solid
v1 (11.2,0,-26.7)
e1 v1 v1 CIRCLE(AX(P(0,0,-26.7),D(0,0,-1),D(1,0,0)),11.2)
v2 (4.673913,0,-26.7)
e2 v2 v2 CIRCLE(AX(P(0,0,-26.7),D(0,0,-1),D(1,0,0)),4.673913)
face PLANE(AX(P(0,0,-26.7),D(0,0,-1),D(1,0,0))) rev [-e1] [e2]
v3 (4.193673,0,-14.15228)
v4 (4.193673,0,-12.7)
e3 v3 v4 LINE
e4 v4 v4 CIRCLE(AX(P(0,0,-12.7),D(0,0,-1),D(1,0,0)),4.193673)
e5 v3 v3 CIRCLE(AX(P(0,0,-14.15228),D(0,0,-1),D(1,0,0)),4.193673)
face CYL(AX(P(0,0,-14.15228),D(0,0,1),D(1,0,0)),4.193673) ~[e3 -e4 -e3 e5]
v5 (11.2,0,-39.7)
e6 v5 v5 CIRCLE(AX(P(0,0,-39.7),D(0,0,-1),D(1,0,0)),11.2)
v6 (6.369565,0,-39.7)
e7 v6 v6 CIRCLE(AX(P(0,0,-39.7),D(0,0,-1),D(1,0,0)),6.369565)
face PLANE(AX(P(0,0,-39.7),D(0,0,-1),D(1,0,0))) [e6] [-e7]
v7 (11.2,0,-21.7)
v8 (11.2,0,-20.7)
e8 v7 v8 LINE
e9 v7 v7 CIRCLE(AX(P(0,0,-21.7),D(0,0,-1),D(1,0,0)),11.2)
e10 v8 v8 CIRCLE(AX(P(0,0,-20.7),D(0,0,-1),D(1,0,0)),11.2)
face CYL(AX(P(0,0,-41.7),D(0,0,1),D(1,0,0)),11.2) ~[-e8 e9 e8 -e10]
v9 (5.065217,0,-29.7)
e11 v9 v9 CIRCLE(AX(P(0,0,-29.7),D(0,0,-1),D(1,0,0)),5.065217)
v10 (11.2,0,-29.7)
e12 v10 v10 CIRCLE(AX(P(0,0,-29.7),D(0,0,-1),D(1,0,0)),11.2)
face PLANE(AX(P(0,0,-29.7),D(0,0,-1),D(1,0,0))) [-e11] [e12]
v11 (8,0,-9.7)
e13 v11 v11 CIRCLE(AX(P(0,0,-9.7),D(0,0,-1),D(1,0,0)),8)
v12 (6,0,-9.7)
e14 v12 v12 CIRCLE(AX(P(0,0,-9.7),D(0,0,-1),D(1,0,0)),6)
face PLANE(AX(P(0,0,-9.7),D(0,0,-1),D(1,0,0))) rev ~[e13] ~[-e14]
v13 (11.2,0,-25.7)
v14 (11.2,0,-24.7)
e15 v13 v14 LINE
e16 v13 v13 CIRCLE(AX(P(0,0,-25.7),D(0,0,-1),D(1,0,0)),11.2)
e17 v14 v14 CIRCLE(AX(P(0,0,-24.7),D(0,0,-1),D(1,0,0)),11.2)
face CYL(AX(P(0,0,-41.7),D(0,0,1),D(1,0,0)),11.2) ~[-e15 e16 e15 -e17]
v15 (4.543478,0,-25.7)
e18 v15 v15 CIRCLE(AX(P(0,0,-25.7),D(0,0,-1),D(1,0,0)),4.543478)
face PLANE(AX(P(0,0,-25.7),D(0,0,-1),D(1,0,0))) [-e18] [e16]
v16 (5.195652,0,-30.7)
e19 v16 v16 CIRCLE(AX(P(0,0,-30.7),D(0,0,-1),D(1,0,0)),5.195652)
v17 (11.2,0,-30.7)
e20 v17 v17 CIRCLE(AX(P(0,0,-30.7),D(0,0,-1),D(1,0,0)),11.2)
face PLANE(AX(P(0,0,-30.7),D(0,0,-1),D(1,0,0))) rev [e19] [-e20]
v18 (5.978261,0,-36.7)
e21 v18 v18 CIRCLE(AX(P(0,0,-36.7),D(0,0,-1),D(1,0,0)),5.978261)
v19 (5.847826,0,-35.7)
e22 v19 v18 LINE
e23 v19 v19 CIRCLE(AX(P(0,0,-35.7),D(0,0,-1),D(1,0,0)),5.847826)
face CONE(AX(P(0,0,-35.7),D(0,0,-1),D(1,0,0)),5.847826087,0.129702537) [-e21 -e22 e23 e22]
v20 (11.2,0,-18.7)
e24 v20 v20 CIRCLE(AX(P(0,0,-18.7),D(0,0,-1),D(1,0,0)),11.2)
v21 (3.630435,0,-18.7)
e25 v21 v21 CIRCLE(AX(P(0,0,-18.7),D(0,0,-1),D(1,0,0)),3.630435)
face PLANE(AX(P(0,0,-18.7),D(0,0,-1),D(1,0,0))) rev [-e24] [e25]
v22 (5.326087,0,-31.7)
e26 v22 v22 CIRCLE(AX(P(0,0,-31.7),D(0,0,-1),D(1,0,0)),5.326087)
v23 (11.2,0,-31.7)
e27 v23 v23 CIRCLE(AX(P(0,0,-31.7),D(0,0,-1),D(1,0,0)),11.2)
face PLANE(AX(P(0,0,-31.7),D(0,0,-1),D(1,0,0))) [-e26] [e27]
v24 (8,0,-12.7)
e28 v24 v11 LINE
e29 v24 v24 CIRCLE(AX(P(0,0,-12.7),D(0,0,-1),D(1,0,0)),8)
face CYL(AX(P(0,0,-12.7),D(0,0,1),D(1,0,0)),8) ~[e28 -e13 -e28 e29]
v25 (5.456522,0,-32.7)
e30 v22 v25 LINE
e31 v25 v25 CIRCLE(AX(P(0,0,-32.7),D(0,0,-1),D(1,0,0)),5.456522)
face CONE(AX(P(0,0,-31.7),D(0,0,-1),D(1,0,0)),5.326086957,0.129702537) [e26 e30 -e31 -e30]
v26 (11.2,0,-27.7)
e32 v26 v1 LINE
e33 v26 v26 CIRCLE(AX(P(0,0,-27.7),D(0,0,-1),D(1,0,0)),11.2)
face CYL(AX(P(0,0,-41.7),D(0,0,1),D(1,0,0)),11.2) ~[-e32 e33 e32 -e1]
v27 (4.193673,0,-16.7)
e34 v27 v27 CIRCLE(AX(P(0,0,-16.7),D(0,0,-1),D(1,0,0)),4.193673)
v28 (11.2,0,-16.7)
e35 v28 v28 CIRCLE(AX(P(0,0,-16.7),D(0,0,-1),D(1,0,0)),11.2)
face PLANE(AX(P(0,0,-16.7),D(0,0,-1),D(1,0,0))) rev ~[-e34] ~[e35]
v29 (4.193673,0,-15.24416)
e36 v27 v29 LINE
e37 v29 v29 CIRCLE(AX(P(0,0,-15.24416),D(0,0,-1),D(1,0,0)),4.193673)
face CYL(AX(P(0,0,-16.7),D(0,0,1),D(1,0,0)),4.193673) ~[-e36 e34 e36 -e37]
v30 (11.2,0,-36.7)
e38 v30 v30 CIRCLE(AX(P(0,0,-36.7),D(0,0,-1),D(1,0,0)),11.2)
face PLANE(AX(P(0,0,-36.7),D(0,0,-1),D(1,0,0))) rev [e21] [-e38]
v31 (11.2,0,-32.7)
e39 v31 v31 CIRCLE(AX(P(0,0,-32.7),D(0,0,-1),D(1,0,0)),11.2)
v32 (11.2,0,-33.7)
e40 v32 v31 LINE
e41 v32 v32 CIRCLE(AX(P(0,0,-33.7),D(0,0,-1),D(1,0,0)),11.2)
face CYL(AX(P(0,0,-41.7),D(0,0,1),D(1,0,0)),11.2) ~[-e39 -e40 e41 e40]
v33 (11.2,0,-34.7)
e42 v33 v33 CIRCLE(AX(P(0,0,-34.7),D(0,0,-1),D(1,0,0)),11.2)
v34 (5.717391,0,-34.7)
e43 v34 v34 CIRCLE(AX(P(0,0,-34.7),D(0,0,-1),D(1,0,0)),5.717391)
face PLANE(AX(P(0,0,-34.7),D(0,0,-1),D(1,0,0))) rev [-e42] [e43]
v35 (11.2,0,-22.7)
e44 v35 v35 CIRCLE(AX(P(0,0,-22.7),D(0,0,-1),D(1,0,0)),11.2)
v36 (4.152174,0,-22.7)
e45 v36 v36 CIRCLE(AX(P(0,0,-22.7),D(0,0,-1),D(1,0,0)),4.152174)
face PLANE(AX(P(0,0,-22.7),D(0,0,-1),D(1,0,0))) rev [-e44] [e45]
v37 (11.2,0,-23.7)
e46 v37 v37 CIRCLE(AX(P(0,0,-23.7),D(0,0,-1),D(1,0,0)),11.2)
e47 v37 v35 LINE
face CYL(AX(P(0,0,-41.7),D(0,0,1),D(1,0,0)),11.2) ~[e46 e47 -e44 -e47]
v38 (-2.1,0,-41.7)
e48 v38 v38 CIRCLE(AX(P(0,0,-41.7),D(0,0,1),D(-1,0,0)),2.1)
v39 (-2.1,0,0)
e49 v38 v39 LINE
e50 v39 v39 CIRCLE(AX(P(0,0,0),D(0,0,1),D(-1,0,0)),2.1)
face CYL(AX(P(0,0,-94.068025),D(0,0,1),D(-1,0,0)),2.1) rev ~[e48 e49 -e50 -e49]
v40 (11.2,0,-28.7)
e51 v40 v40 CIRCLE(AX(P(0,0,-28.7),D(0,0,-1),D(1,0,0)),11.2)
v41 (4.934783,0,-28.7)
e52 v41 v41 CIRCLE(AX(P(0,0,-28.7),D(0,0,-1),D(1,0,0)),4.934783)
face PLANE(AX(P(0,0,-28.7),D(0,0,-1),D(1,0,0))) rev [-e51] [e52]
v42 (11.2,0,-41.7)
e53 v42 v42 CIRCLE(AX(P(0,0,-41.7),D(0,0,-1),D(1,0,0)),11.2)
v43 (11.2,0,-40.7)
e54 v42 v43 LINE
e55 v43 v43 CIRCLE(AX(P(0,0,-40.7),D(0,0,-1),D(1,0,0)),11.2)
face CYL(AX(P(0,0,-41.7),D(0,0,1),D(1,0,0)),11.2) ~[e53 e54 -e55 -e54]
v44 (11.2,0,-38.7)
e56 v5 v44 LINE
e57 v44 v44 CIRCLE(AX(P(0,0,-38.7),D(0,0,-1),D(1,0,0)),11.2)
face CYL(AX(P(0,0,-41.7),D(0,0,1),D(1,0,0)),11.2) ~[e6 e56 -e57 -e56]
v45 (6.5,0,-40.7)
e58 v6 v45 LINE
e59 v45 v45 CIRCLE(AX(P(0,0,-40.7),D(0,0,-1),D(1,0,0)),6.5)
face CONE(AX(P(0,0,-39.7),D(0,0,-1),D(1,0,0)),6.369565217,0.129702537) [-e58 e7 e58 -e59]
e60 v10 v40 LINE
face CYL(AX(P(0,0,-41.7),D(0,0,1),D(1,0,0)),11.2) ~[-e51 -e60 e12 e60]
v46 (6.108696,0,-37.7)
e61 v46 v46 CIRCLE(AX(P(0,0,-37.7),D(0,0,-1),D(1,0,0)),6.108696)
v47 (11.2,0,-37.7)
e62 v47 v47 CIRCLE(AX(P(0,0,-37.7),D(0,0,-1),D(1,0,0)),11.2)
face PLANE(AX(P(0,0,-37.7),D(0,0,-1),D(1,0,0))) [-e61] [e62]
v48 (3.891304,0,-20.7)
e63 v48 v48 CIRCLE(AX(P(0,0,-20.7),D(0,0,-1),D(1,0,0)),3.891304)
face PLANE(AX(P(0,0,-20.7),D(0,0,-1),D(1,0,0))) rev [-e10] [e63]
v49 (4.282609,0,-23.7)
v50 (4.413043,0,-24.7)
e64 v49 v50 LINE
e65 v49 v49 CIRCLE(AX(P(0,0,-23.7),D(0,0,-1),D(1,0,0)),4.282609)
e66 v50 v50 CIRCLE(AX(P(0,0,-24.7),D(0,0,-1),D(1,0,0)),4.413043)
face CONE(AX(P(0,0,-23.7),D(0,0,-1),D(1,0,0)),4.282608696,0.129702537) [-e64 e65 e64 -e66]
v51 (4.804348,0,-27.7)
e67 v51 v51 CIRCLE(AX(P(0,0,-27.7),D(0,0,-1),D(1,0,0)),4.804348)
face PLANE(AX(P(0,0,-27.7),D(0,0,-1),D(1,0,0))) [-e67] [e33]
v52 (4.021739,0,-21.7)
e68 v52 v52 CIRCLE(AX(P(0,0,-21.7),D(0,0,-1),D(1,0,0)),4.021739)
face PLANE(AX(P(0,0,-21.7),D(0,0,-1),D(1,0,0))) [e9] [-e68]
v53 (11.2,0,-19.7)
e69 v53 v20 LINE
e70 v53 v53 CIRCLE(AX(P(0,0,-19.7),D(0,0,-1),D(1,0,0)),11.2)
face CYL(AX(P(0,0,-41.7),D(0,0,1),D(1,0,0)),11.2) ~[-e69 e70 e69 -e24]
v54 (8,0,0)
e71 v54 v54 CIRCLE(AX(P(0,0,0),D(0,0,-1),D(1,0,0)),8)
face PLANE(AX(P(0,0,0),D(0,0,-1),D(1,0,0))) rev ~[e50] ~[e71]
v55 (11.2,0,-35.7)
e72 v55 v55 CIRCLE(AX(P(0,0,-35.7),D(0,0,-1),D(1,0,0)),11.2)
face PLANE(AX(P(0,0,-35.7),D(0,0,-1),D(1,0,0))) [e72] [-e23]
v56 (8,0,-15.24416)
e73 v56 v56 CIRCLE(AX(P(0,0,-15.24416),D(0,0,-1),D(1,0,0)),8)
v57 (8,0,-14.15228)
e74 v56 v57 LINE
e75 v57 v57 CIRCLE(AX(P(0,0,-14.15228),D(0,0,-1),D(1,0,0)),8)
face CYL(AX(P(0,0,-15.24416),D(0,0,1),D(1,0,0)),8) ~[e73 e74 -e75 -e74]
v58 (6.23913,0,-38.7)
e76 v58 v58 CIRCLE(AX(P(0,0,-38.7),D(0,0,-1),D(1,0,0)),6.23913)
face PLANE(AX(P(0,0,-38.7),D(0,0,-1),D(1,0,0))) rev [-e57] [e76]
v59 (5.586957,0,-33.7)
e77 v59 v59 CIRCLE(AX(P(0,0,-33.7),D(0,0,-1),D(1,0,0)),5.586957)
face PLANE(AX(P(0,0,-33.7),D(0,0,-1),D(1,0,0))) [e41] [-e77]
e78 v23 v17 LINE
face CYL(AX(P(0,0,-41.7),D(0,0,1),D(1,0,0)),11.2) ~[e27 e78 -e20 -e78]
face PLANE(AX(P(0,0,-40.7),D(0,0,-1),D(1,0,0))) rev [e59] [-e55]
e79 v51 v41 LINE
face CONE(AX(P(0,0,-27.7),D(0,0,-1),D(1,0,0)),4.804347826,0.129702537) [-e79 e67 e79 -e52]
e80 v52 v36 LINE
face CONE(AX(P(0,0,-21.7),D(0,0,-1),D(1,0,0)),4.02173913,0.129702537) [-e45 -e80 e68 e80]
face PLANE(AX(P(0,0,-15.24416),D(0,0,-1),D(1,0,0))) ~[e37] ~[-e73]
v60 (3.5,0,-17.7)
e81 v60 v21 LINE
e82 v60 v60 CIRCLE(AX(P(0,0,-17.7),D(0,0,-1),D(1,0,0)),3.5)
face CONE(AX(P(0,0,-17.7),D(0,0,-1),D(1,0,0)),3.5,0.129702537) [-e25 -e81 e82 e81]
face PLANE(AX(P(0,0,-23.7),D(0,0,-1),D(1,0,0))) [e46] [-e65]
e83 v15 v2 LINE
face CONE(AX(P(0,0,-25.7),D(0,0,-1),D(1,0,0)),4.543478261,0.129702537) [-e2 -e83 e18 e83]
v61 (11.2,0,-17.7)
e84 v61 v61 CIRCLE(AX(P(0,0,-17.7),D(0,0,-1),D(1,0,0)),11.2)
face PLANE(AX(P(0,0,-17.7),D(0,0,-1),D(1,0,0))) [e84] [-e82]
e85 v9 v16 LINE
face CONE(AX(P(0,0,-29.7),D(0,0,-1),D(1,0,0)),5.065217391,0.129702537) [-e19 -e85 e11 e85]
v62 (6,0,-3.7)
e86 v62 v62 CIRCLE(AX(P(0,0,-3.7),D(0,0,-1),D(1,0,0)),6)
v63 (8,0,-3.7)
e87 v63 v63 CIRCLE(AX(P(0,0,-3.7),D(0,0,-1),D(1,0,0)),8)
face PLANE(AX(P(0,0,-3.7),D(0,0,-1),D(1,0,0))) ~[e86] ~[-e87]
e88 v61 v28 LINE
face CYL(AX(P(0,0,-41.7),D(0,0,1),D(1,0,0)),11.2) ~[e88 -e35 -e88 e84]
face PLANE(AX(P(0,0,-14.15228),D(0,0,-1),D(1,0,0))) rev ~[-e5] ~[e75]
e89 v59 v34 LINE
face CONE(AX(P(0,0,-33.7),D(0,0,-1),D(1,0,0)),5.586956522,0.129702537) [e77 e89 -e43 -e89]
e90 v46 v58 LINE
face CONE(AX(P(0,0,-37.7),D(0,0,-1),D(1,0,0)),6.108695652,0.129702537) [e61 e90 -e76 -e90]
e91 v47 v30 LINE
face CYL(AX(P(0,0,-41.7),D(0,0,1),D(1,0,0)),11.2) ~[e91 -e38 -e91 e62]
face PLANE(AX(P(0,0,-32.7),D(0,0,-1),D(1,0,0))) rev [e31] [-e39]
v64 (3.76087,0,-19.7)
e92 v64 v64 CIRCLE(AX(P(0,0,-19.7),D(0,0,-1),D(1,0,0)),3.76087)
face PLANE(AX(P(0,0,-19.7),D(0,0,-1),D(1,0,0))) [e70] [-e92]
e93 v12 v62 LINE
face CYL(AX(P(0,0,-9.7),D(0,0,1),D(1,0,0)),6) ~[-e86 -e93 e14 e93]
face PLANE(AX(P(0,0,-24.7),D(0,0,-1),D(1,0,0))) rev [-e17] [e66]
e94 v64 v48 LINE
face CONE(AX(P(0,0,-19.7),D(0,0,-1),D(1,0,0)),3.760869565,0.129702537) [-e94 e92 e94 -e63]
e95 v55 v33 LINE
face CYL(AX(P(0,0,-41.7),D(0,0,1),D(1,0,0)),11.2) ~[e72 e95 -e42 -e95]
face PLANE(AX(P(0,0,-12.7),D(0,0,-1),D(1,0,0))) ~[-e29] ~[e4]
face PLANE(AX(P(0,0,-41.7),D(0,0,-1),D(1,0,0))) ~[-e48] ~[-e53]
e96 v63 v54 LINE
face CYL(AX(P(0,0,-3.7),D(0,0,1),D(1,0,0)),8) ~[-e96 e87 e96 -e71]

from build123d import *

# Parameters (mm, degrees)
F3_D = 4.2


with BuildPart() as f1:
    # F0 (on Front) → F1 (revolve)
    with BuildSketch(Plane.XZ):
        Polygon((8, 0), (0, 0), (0, -41.7), (11.2, -41.7), (11.2, -16.7), (4.193673376, -16.7), (4.193673376, -15.2441602767), (8, -15.2441602767), (8, -14.1522795528), (4.193673376, -14.1522795528), (4.193673376, -12.7), (8, -12.7), (8, -9.7), (6, -9.7), (6, -3.7), (8, -3.7), align=None)
    revolve(axis=Axis((0, 0, -23.3692955226), (0, 0, -1)))

    # F3 (through all)
    with Locations(Plane(origin=(0, 0, -41.7), x_dir=(1, 0, 0), z_dir=(0, 0, -1))):
        with Locations((0, 0)):
            Hole(F3_D / 2)

    # F4 (on Front) → F5 (revolve, cut)
    with BuildSketch(Plane.XZ):
        Polygon((11.2, -18.7), (11.2, -17.7), (3.5, -17.7), (3.6304347826, -18.7), align=None)
        Polygon((11.2, -39.7), (6.3695652174, -39.7), (6.5, -40.7), (11.2, -40.7), align=None)
        Polygon((11.2, -37.7), (6.1086956522, -37.7), (6.2391304348, -38.7), (11.2, -38.7), align=None)
        Polygon((11.2, -35.7), (5.847826087, -35.7), (5.9782608696, -36.7), (11.2, -36.7), align=None)
        Polygon((11.2, -33.7), (5.5869565217, -33.7), (5.7173913043, -34.7), (11.2, -34.7), align=None)
        Polygon((11.2, -31.7), (5.3260869565, -31.7), (5.4565217391, -32.7), (11.2, -32.7), align=None)
        Polygon((11.2, -29.7), (5.0652173913, -29.7), (5.1956521739, -30.7), (11.2, -30.7), align=None)
        Polygon((11.2, -27.7), (4.8043478261, -27.7), (4.9347826087, -28.7), (11.2, -28.7), align=None)
        Polygon((11.2, -25.7), (4.5434782609, -25.7), (4.6739130435, -26.7), (11.2, -26.7), align=None)
        Polygon((11.2, -23.7), (4.2826086957, -23.7), (4.4130434783, -24.7), (11.2, -24.7), align=None)
        Polygon((11.2, -21.7), (4.0217391304, -21.7), (4.152173913, -22.7), (11.2, -22.7), align=None)
        Polygon((11.2, -19.7), (3.7608695652, -19.7), (3.8913043478, -20.7), (11.2, -20.7), align=None)
    revolve(axis=Axis((0, 0, -17.9993046731), (0, 0, -1)), mode=Mode.SUBTRACT)


solid = f1.part
